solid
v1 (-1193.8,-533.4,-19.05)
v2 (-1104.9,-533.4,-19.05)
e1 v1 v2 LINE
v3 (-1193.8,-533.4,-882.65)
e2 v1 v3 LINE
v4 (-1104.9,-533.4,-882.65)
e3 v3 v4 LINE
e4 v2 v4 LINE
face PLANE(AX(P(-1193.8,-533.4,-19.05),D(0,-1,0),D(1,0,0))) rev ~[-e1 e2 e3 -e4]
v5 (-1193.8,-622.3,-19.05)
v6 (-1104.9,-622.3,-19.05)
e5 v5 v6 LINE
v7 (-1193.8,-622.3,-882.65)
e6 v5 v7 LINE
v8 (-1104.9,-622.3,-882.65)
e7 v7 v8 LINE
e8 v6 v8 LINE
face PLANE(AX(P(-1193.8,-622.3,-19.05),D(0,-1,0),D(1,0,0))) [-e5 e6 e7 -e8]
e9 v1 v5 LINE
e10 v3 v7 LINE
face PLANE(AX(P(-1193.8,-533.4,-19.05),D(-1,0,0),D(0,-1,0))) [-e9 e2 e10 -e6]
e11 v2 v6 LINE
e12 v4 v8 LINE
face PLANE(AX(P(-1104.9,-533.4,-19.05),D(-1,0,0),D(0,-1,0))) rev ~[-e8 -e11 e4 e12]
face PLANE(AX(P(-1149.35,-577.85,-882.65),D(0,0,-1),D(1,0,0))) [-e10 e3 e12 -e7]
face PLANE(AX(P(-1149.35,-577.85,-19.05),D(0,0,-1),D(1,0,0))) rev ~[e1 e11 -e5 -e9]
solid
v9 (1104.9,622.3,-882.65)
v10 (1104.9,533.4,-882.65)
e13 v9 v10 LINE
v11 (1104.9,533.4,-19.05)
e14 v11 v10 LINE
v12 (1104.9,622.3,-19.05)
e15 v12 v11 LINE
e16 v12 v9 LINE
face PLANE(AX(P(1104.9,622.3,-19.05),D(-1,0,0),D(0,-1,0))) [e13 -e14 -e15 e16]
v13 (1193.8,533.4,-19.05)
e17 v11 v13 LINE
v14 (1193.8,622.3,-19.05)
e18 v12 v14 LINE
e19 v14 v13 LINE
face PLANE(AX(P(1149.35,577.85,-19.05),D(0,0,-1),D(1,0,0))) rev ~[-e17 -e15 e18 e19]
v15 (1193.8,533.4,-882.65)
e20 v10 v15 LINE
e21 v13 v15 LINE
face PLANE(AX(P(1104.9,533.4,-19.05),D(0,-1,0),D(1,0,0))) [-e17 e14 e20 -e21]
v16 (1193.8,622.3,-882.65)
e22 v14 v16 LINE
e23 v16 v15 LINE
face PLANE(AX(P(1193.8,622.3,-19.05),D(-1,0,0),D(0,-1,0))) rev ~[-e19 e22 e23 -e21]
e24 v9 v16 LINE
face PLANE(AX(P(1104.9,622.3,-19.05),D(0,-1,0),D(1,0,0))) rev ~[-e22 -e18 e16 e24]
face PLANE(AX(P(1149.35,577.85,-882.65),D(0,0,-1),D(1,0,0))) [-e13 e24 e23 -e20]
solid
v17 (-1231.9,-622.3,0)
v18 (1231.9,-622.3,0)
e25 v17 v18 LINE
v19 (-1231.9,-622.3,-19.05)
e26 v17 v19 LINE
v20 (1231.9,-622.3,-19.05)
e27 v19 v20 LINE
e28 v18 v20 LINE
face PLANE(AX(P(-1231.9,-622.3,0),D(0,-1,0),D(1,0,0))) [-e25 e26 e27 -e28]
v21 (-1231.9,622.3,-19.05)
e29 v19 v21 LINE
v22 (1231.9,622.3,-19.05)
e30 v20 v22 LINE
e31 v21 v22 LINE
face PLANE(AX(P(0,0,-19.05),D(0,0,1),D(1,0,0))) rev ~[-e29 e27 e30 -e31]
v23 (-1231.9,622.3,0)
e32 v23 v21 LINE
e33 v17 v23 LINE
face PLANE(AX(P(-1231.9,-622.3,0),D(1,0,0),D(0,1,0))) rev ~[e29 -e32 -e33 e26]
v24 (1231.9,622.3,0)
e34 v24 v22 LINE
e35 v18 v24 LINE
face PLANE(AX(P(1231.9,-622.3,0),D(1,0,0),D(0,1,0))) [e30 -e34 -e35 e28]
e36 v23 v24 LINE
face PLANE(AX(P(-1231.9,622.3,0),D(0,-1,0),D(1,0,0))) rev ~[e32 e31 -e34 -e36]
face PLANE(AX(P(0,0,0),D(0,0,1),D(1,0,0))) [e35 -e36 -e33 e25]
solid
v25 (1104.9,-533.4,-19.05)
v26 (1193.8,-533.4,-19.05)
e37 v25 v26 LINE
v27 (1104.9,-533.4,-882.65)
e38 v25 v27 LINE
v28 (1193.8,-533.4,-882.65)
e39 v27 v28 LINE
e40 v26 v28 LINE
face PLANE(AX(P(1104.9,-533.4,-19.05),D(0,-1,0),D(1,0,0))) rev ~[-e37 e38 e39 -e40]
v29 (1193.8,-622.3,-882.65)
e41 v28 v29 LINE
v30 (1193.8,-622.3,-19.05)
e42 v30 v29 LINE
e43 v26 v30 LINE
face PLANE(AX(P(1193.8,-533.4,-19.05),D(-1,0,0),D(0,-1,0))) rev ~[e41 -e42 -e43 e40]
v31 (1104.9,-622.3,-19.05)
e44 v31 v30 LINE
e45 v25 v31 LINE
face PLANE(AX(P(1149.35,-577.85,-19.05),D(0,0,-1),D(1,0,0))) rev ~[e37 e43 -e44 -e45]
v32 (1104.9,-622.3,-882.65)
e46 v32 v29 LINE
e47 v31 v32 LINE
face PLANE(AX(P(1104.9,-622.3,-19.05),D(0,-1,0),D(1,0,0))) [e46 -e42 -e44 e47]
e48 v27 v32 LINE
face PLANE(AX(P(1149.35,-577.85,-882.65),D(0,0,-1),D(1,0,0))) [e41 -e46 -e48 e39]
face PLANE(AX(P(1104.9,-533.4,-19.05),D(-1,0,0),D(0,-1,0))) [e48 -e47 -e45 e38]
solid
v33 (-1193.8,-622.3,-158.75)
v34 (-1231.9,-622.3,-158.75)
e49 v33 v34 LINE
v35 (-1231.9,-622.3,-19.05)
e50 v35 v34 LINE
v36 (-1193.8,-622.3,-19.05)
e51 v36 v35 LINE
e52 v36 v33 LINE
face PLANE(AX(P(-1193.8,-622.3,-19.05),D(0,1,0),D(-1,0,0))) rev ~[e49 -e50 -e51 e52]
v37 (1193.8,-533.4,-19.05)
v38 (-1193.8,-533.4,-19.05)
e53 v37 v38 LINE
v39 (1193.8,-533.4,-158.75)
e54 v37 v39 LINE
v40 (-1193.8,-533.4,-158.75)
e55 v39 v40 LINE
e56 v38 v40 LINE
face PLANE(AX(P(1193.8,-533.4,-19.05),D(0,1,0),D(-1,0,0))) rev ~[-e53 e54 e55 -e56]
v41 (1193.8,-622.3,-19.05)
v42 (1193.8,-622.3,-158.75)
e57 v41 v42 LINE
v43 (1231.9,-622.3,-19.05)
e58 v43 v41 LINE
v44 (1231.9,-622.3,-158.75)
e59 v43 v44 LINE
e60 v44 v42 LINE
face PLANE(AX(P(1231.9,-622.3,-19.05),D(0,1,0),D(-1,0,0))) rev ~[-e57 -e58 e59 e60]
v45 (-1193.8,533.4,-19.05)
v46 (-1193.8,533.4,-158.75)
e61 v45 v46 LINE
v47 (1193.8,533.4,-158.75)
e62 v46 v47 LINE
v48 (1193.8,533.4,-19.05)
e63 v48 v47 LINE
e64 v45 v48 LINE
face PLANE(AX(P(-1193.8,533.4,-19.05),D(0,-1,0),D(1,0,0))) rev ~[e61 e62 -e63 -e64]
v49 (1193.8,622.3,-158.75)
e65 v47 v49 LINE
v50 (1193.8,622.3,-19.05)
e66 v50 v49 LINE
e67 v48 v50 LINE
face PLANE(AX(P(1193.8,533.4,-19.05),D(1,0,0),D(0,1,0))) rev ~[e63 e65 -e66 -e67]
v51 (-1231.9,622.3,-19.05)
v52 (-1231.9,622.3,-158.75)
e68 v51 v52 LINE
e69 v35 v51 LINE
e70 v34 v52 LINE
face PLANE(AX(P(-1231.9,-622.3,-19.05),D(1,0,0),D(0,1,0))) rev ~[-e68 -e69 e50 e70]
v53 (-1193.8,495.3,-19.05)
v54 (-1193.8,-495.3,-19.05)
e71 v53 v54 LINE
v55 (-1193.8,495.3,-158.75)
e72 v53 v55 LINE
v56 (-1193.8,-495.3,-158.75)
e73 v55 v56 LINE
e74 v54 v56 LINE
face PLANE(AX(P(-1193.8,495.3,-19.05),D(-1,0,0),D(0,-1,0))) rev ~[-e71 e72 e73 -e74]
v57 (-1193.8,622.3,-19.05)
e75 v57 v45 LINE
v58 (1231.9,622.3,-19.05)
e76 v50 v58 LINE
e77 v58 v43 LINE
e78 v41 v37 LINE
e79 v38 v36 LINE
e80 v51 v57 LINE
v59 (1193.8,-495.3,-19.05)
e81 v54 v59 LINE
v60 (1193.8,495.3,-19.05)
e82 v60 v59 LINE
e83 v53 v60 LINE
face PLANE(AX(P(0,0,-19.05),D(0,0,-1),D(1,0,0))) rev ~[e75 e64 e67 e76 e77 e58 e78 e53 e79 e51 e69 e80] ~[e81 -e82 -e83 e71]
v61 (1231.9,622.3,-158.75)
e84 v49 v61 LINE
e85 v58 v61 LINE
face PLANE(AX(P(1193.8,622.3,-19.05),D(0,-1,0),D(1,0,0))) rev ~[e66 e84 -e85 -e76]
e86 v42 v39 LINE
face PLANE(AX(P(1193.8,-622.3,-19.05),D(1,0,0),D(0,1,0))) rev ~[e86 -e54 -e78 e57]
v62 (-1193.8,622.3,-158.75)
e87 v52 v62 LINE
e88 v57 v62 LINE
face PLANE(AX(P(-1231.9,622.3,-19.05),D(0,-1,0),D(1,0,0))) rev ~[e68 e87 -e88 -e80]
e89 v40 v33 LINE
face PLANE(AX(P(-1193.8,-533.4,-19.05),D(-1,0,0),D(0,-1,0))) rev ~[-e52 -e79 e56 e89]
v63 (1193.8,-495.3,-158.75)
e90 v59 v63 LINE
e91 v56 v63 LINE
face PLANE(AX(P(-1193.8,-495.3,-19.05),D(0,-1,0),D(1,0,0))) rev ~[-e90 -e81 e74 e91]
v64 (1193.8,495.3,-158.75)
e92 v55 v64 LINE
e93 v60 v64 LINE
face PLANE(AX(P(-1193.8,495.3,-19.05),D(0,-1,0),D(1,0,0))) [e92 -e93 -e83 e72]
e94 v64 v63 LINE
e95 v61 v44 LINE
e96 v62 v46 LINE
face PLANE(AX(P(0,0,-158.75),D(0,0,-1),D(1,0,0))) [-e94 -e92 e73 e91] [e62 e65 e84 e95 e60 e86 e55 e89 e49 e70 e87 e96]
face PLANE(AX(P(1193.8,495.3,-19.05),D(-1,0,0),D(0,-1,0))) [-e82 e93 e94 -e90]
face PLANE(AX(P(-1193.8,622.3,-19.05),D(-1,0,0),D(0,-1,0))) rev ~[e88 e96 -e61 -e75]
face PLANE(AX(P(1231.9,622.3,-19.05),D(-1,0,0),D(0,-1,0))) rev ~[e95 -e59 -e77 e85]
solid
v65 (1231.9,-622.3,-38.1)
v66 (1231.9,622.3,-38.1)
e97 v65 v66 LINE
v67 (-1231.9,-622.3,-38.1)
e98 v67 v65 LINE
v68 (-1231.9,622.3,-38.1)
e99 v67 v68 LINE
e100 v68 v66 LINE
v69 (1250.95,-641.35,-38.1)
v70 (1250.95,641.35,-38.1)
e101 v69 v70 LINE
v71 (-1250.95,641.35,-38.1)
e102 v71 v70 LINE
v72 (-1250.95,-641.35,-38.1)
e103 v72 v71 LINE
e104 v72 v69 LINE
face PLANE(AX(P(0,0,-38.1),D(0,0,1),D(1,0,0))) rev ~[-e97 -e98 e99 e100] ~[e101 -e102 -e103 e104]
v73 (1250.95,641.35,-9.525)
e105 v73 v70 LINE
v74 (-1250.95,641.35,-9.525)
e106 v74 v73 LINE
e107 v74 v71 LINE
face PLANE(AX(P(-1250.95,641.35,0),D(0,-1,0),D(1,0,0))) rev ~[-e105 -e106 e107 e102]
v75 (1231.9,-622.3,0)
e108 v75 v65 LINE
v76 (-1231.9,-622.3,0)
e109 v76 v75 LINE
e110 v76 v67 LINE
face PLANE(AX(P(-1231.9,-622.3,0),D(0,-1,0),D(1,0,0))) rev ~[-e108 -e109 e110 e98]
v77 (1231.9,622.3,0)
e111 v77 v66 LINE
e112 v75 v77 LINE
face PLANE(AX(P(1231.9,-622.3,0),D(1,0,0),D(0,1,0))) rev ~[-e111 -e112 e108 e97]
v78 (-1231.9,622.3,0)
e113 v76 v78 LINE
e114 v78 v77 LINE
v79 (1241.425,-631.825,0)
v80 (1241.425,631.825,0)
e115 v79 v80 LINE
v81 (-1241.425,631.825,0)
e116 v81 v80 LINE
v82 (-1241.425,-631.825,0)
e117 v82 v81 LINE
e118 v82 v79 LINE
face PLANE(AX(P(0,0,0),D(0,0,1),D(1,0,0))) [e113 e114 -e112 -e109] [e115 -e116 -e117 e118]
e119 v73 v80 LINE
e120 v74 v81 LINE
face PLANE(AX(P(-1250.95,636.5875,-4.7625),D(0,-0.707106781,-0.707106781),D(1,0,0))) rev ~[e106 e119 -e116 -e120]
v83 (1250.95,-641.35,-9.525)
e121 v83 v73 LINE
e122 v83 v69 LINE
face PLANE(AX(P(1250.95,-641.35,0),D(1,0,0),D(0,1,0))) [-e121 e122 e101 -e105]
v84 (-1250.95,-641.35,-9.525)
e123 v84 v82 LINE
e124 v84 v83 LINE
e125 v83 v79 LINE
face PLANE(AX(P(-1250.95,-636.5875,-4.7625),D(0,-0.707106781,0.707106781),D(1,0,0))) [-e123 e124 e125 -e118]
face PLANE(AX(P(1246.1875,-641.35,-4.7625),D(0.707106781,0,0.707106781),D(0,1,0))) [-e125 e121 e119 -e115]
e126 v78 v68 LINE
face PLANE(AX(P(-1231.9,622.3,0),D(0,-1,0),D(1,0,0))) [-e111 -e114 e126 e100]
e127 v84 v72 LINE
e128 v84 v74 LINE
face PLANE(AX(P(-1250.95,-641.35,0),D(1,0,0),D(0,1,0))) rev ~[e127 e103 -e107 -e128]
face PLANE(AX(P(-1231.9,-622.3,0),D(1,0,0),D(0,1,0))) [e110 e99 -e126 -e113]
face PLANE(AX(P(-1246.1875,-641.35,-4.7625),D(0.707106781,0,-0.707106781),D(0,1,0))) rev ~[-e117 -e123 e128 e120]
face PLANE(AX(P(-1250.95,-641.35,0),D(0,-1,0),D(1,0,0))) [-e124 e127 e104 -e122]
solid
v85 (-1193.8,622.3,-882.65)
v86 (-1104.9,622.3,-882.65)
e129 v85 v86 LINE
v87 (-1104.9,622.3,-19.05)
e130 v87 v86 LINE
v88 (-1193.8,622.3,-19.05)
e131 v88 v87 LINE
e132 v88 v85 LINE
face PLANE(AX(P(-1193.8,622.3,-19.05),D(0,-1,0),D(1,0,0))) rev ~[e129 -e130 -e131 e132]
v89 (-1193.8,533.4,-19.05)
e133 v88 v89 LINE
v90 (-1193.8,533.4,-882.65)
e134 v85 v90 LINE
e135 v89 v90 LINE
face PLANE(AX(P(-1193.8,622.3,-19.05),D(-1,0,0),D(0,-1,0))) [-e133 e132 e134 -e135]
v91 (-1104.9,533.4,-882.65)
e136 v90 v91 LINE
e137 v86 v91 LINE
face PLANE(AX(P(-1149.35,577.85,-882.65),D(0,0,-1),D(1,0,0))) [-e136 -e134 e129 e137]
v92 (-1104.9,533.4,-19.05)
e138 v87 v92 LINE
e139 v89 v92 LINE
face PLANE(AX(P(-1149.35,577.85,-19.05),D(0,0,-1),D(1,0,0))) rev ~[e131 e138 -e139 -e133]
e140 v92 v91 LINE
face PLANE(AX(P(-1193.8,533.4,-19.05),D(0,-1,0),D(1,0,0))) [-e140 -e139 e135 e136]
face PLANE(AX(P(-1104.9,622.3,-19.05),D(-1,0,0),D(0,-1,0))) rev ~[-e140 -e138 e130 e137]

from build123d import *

# Parameters (mm, degrees)
F0_W     = 2463.8
F0_H     = 1244.6
F1_DEPTH = 19.05
F0_W_2   = 2501.9
F0_H_2   = 1282.7
F2_DEPTH = 38.1
F3_SIZE  = 9.525
F4_W     = 2387.6
F4_H     = 990.6
F5_DEPTH = 139.7
F6_W     = 88.9
F6_H     = 88.9
F7_DEPTH = 863.6


with BuildPart() as f1:
    # F0 (on Top) → F1 (new body)
    with BuildSketch(Plane.XY):
        Rectangle(F0_W, F0_H)
    extrude(amount=-F1_DEPTH)


with BuildPart() as f2:
    # F0 (on Top) → F2 (new body)
    with BuildSketch(Plane.XY):
        Rectangle(F0_W_2, F0_H_2)
        Rectangle(F0_W, F0_H, mode=Mode.SUBTRACT)
    extrude(amount=-F2_DEPTH)

    # F3
    f3_edges = [f2.edges().sort_by_distance(p)[0] for p in [
        (0, -641.35, 0),
        (-1250.95, 0, 0),
        (0, 641.35, 0),
        (1250.95, 0, 0),
    ]]
    chamfer(f3_edges, length=F3_SIZE)


with BuildPart() as f5:
    # F4 (on face) → F5 (new body)
    with BuildSketch(Plane(origin=(0, 0, -19.05), x_dir=(1, 0, 0), z_dir=(0, 0, -1))):
        Polygon((-1193.8, 622.3), (-1231.9, 622.3), (-1231.9, -622.3), (-1193.8, -622.3), (-1193.8, -533.4), (1193.8, -533.4), (1193.8, -622.3), (1231.9, -622.3), (1231.9, 622.3), (1193.8, 622.3), (1193.8, 533.4), (-1193.8, 533.4), align=None)
        Rectangle(F4_W, F4_H, mode=Mode.SUBTRACT)
    extrude(amount=F5_DEPTH)


with BuildPart() as f7:
    # F6 (on face) → F7 (new body)
    with BuildSketch(Plane(origin=(0, 0, -19.05), x_dir=(1, 0, 0), z_dir=(0, 0, -1))):
        with Locations((-1149.35, -577.85)):
            Rectangle(F6_W, F6_H)
        with Locations((-1149.35, 577.85)):
            Rectangle(F6_W, F6_H)
        with Locations((1149.35, -577.85)):
            Rectangle(F6_W, F6_H)
        with Locations((1149.35, 577.85)):
            Rectangle(F6_W, F6_H)
    extrude(amount=F7_DEPTH)


solid = Compound([f1.part, f2.part, f5.part, f7.part])
